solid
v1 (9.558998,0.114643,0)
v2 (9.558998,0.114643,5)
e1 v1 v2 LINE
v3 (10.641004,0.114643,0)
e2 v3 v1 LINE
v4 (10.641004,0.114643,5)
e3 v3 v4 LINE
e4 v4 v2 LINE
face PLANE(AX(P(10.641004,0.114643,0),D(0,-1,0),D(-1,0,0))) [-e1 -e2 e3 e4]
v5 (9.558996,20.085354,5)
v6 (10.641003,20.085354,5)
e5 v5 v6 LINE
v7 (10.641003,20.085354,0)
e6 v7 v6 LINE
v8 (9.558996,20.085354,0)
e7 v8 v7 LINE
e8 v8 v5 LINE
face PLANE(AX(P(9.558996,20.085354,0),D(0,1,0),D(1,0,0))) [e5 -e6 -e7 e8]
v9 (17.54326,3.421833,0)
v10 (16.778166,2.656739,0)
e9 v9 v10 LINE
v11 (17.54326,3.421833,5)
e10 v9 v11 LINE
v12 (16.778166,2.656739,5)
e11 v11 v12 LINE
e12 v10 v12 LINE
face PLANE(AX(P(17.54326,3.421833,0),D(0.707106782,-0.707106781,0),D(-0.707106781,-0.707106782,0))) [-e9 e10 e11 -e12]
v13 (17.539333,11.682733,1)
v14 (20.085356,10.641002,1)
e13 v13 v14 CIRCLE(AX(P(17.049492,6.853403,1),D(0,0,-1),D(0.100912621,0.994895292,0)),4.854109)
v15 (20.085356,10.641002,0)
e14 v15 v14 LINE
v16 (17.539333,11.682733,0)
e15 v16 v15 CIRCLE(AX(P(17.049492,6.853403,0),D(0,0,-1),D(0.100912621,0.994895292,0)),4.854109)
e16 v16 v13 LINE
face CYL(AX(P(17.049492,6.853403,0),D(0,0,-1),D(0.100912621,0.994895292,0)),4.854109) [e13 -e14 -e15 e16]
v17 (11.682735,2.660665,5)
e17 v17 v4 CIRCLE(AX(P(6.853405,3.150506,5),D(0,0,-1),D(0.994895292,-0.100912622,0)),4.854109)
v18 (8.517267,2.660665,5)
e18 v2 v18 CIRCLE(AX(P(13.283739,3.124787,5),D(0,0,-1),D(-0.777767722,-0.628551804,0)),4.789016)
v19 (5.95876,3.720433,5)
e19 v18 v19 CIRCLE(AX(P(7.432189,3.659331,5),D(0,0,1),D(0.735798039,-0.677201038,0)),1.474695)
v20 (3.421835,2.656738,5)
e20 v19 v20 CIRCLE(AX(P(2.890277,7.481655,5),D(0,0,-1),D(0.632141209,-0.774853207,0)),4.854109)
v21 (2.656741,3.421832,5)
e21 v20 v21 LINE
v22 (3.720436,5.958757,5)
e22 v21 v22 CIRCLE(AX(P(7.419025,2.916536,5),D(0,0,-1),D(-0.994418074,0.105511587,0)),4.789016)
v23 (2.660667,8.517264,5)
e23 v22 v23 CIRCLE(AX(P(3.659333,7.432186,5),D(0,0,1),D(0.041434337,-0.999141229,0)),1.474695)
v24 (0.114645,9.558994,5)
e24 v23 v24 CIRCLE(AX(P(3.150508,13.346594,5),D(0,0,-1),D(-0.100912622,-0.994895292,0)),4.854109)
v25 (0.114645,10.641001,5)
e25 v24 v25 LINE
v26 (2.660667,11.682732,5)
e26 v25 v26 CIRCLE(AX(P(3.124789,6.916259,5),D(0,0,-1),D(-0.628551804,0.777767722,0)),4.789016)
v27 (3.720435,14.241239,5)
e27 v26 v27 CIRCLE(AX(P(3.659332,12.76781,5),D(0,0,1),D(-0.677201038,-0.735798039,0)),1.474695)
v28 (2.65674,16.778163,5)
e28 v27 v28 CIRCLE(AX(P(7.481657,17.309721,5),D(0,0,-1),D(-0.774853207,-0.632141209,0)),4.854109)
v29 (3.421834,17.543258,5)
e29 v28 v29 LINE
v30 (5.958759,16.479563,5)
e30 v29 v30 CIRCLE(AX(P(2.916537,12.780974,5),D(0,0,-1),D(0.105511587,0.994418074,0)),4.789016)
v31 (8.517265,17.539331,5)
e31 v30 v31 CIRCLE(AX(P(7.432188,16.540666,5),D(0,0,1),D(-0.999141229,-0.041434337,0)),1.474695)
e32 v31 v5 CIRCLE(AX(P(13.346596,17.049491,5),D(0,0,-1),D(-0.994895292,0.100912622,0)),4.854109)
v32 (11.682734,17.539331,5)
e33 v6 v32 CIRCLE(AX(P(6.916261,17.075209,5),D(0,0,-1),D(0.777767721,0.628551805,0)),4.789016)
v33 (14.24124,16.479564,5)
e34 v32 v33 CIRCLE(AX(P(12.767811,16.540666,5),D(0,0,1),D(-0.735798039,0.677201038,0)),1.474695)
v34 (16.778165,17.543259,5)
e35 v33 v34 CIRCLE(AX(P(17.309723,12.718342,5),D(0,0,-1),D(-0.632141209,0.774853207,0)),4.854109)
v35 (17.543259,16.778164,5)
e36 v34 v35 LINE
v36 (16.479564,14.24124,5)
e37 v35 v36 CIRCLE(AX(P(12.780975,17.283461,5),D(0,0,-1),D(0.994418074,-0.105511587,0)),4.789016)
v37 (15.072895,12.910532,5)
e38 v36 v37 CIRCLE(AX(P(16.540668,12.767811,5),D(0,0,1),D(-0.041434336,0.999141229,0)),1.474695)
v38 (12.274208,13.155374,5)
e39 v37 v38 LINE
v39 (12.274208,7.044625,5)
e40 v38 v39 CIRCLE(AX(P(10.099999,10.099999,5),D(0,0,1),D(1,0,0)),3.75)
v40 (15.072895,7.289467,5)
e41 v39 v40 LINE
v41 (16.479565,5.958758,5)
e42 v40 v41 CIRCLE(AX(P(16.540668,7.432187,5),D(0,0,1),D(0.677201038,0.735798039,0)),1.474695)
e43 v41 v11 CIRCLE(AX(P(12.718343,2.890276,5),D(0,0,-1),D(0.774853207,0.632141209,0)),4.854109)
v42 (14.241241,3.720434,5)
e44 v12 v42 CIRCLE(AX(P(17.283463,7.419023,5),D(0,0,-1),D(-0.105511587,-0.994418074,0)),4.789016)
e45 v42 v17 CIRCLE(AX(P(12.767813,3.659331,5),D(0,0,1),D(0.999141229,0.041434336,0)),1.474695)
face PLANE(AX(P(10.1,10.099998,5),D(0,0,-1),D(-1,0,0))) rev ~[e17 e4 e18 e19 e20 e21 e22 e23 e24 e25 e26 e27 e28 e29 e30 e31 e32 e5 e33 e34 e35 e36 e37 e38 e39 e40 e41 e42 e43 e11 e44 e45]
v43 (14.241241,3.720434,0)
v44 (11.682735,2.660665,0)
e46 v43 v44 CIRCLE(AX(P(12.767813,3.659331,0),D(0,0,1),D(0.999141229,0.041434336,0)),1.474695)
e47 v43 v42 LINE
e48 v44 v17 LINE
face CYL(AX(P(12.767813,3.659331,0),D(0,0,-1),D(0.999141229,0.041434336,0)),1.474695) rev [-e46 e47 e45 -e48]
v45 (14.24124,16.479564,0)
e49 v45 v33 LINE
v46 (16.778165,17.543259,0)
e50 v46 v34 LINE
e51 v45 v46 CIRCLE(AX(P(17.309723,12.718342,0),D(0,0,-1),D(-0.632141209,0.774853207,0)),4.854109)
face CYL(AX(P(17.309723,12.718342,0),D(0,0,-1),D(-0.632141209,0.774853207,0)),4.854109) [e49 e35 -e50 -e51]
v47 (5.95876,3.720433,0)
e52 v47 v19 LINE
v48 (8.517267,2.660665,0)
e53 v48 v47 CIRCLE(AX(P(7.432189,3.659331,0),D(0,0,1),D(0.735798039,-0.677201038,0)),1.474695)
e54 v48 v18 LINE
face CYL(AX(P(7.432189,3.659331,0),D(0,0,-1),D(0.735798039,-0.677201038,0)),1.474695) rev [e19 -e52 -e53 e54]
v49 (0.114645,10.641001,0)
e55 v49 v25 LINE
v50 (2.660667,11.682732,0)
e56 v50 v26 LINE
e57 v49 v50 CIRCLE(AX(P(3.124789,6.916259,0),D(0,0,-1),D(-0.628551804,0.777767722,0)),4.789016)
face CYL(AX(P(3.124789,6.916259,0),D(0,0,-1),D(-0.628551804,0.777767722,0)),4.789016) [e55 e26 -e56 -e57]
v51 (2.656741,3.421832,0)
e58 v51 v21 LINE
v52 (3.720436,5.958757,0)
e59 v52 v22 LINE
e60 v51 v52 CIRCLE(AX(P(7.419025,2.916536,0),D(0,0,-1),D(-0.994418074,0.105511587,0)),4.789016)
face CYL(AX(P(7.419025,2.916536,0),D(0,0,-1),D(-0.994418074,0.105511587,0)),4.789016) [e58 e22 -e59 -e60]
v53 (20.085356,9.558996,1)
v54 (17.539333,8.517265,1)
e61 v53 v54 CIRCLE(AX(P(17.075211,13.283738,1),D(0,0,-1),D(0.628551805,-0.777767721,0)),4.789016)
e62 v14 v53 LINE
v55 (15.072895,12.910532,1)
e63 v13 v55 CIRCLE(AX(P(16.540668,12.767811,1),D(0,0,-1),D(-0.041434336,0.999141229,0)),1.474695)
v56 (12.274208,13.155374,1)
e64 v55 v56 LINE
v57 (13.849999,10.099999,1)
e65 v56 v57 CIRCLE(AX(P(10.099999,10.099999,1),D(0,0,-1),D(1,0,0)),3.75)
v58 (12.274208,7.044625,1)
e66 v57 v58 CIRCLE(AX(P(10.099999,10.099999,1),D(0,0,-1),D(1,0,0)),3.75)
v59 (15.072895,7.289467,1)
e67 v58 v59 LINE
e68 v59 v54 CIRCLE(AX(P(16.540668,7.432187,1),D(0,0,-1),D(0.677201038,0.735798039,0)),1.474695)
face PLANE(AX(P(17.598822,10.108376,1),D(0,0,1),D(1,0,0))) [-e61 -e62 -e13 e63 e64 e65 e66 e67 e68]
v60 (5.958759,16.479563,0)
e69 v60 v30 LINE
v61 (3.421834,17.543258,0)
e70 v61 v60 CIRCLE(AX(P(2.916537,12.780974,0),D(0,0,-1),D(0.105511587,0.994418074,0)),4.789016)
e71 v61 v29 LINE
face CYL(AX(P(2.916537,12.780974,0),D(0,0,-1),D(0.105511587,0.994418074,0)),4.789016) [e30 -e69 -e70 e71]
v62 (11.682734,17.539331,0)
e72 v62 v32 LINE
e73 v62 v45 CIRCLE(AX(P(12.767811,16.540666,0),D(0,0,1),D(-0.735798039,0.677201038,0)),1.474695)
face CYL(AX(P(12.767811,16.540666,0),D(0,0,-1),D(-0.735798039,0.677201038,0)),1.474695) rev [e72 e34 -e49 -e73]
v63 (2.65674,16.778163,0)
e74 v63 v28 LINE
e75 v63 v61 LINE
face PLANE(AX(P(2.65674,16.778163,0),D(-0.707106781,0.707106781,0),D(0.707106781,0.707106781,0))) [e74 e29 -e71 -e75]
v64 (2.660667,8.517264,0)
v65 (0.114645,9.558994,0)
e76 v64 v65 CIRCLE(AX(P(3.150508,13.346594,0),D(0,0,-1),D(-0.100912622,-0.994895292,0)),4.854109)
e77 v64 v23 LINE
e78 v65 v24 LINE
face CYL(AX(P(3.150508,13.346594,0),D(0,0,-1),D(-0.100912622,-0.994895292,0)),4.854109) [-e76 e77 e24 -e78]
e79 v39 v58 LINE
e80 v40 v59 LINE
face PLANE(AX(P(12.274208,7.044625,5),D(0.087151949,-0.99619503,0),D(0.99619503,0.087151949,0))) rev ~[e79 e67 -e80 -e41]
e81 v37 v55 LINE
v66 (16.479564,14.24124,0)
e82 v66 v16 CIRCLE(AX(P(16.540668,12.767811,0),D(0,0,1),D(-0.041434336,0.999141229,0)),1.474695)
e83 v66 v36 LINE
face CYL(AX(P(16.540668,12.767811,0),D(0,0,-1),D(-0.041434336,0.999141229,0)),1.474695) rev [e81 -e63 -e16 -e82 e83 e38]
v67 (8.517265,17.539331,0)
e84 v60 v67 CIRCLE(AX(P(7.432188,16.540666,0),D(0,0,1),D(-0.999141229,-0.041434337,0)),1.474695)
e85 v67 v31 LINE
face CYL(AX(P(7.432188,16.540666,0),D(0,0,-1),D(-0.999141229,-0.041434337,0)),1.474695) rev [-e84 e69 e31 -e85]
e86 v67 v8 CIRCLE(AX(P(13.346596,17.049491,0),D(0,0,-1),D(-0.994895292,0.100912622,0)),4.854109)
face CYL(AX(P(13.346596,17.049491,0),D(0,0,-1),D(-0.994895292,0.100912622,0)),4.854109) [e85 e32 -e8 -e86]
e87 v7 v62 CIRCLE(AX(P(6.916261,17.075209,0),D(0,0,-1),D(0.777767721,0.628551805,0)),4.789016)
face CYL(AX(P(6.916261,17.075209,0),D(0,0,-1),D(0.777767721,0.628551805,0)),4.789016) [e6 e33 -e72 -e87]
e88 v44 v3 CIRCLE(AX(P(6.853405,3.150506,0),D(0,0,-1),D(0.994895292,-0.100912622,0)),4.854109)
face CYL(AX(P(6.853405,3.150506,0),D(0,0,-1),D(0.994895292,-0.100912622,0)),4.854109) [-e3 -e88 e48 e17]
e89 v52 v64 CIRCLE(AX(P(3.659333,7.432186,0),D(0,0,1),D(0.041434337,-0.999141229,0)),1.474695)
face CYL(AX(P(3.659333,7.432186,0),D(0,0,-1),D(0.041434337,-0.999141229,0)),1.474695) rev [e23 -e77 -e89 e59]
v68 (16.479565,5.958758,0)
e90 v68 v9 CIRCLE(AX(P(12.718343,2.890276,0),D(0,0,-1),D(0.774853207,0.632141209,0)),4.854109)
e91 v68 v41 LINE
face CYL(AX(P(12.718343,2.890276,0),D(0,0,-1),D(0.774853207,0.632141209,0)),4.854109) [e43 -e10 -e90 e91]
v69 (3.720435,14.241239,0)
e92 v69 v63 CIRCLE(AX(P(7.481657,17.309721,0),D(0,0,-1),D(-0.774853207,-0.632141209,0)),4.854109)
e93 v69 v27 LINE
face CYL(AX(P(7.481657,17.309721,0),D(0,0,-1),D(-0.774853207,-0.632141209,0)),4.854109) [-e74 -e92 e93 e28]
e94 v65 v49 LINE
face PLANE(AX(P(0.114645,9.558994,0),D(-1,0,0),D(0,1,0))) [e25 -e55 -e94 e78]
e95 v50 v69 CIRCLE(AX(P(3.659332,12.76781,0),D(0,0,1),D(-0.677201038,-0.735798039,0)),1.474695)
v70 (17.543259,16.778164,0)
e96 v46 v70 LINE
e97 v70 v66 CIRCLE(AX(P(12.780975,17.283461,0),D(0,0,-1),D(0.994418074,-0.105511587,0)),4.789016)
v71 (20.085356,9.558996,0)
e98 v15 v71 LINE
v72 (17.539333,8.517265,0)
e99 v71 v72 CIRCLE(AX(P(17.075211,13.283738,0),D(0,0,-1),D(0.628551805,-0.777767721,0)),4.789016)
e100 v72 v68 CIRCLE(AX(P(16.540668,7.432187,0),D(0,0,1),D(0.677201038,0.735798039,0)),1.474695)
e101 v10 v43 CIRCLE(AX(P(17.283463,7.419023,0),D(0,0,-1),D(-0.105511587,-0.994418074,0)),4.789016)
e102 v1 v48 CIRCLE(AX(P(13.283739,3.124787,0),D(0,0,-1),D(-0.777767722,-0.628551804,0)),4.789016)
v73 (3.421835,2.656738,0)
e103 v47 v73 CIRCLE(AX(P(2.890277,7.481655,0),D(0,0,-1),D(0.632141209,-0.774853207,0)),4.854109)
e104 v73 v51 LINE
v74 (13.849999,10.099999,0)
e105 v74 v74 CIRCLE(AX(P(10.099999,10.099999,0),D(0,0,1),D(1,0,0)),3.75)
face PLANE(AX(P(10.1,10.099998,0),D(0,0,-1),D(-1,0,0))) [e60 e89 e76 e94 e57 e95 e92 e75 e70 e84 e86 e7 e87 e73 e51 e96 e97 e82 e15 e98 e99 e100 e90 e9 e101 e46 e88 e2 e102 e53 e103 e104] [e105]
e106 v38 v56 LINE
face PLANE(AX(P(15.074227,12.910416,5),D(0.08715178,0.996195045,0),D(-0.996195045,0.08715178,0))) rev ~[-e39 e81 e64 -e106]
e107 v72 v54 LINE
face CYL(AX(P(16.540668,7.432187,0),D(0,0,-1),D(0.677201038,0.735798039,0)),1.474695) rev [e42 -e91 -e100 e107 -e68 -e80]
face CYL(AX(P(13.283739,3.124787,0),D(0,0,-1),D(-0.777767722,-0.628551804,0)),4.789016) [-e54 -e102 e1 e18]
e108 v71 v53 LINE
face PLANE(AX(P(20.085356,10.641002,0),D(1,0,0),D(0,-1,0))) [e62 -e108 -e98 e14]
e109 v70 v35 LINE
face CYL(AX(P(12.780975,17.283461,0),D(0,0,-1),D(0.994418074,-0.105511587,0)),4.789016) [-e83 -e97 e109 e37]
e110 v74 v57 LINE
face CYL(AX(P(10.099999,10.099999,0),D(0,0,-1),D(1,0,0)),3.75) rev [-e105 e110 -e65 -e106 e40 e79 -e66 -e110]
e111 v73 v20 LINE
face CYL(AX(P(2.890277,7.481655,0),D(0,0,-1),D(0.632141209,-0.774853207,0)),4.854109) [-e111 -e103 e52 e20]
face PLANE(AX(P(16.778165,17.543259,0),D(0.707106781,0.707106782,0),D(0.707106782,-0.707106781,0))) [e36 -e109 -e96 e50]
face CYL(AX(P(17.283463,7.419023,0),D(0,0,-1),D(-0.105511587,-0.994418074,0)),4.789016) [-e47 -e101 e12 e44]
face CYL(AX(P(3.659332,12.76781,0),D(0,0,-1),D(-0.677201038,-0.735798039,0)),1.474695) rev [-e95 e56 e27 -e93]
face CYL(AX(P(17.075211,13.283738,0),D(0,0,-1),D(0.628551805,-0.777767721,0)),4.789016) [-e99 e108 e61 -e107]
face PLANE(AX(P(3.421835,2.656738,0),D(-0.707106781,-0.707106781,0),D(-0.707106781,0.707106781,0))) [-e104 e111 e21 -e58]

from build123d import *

# Parameters (mm, degrees)
SKETCH1_R           = 3.75
BOSS_EXTRUDE1_DEPTH = 5
CUT_EXTRUDE1_DEPTH  = 4


with BuildPart() as part:
    # Sketch1 → Boss-Extrude1 (new body)
    with BuildSketch(Plane.XY):
        with BuildLine():
            Line((9.558996201, 20.085353851), (10.641002655, 20.085353851))
            ThreePointArc((10.641002655, 20.085353851), (11.348612191, 18.888750883), (11.682733536, 17.539331436))
            ThreePointArc((11.682733536, 17.539331436), (12.203470274, 15.178225243), (14.241240442, 16.479563766))
            ThreePointArc((14.241240442, 16.479563766), (15.432774832, 17.194885225), (16.778165126, 17.543258511))
            Line((16.778165126, 17.543258511), (17.543259228, 16.77816441))
            ThreePointArc((17.543259228, 16.77816441), (17.197488656, 15.431682836), (16.479564483, 14.241239725))
            ThreePointArc((16.479564483, 14.241239725), (15.178226761, 12.203469046), (17.539333159, 11.682733236))
            ThreePointArc((17.539333159, 11.682733236), (18.887683861, 11.345999843), (20.085355575, 10.641002355))
            Line((20.085355575, 10.641002355), (20.085355575, 9.558995901))
            ThreePointArc((20.085355575, 9.558995901), (18.888752607, 8.851386365), (17.539333159, 8.51726502))
            ThreePointArc((17.539333159, 8.51726502), (15.178226966, 7.996528282), (16.479565489, 5.958758114))
            ThreePointArc((16.479565489, 5.958758114), (17.194886948, 4.767223724), (17.543260234, 3.42183343))
            Line((17.543260234, 3.42183343), (16.778166133, 2.656739328))
            ThreePointArc((16.778166133, 2.656739328), (15.431684559, 3.0025099), (14.241241448, 3.720434073))
            ThreePointArc((14.241241448, 3.720434073), (12.203470769, 5.021771795), (11.682734959, 2.660665397))
            ThreePointArc((11.682734959, 2.660665397), (11.346001566, 1.312314695), (10.641004079, 0.114642981))
            Line((10.641004079, 0.114642981), (9.558997624, 0.114642981))
            ThreePointArc((9.558997624, 0.114642981), (8.851388089, 1.311245949), (8.517266743, 2.660665397))
            ThreePointArc((8.517266743, 2.660665397), (7.996530005, 5.02177159), (5.958759838, 3.720433067))
            ThreePointArc((5.958759838, 3.720433067), (4.767225448, 3.005111608), (3.421835153, 2.656738322))
            Line((3.421835153, 2.656738322), (2.656741052, 3.421832423))
            ThreePointArc((2.656741052, 3.421832423), (3.002511624, 4.768313997), (3.720435797, 5.958757108))
            ThreePointArc((3.720435797, 5.958757108), (5.021773518, 7.996527787), (2.66066712, 8.517263597))
            ThreePointArc((2.66066712, 8.517263597), (1.312316418, 8.85399699), (0.114644705, 9.558994477))
            Line((0.114644705, 9.558994477), (0.114644705, 10.641000932))
            ThreePointArc((0.114644705, 10.641000932), (1.311247673, 11.348610467), (2.66066712, 11.682731813))
            ThreePointArc((2.66066712, 11.682731813), (5.021773313, 12.203468551), (3.72043479, 14.241238718))
            ThreePointArc((3.72043479, 14.241238718), (3.005113331, 15.432773108), (2.656740045, 16.778163403))
            Line((2.656740045, 16.778163403), (3.421834146, 17.543257504))
            ThreePointArc((3.421834146, 17.543257504), (4.76831572, 17.197486932), (5.958758831, 16.479562759))
            ThreePointArc((5.958758831, 16.479562759), (7.99652951, 15.178225038), (8.51726532, 17.539331436))
            ThreePointArc((8.51726532, 17.539331436), (8.853998713, 18.887682137), (9.558996201, 20.085353851))
        make_face()
        with Locations((10.099999428, 10.099999428)):
            Circle(SKETCH1_R, mode=Mode.SUBTRACT)
    extrude(amount=BOSS_EXTRUDE1_DEPTH)

    # Sketch2 → Cut-Extrude1 (cut)
    with BuildSketch(Plane.XY.offset(5)):
        Polygon((12.190990541, 13.162654627), (12.274208264, 7.044624502), (15.074227333, 7.289583683), (15.112805831, 7.292958716), (23.65344112, 8.040134707), (23.65344112, 12.159866086), (15.074227333, 12.910415649), align=None)
    extrude(amount=-CUT_EXTRUDE1_DEPTH, mode=Mode.SUBTRACT)


solid = part.part
